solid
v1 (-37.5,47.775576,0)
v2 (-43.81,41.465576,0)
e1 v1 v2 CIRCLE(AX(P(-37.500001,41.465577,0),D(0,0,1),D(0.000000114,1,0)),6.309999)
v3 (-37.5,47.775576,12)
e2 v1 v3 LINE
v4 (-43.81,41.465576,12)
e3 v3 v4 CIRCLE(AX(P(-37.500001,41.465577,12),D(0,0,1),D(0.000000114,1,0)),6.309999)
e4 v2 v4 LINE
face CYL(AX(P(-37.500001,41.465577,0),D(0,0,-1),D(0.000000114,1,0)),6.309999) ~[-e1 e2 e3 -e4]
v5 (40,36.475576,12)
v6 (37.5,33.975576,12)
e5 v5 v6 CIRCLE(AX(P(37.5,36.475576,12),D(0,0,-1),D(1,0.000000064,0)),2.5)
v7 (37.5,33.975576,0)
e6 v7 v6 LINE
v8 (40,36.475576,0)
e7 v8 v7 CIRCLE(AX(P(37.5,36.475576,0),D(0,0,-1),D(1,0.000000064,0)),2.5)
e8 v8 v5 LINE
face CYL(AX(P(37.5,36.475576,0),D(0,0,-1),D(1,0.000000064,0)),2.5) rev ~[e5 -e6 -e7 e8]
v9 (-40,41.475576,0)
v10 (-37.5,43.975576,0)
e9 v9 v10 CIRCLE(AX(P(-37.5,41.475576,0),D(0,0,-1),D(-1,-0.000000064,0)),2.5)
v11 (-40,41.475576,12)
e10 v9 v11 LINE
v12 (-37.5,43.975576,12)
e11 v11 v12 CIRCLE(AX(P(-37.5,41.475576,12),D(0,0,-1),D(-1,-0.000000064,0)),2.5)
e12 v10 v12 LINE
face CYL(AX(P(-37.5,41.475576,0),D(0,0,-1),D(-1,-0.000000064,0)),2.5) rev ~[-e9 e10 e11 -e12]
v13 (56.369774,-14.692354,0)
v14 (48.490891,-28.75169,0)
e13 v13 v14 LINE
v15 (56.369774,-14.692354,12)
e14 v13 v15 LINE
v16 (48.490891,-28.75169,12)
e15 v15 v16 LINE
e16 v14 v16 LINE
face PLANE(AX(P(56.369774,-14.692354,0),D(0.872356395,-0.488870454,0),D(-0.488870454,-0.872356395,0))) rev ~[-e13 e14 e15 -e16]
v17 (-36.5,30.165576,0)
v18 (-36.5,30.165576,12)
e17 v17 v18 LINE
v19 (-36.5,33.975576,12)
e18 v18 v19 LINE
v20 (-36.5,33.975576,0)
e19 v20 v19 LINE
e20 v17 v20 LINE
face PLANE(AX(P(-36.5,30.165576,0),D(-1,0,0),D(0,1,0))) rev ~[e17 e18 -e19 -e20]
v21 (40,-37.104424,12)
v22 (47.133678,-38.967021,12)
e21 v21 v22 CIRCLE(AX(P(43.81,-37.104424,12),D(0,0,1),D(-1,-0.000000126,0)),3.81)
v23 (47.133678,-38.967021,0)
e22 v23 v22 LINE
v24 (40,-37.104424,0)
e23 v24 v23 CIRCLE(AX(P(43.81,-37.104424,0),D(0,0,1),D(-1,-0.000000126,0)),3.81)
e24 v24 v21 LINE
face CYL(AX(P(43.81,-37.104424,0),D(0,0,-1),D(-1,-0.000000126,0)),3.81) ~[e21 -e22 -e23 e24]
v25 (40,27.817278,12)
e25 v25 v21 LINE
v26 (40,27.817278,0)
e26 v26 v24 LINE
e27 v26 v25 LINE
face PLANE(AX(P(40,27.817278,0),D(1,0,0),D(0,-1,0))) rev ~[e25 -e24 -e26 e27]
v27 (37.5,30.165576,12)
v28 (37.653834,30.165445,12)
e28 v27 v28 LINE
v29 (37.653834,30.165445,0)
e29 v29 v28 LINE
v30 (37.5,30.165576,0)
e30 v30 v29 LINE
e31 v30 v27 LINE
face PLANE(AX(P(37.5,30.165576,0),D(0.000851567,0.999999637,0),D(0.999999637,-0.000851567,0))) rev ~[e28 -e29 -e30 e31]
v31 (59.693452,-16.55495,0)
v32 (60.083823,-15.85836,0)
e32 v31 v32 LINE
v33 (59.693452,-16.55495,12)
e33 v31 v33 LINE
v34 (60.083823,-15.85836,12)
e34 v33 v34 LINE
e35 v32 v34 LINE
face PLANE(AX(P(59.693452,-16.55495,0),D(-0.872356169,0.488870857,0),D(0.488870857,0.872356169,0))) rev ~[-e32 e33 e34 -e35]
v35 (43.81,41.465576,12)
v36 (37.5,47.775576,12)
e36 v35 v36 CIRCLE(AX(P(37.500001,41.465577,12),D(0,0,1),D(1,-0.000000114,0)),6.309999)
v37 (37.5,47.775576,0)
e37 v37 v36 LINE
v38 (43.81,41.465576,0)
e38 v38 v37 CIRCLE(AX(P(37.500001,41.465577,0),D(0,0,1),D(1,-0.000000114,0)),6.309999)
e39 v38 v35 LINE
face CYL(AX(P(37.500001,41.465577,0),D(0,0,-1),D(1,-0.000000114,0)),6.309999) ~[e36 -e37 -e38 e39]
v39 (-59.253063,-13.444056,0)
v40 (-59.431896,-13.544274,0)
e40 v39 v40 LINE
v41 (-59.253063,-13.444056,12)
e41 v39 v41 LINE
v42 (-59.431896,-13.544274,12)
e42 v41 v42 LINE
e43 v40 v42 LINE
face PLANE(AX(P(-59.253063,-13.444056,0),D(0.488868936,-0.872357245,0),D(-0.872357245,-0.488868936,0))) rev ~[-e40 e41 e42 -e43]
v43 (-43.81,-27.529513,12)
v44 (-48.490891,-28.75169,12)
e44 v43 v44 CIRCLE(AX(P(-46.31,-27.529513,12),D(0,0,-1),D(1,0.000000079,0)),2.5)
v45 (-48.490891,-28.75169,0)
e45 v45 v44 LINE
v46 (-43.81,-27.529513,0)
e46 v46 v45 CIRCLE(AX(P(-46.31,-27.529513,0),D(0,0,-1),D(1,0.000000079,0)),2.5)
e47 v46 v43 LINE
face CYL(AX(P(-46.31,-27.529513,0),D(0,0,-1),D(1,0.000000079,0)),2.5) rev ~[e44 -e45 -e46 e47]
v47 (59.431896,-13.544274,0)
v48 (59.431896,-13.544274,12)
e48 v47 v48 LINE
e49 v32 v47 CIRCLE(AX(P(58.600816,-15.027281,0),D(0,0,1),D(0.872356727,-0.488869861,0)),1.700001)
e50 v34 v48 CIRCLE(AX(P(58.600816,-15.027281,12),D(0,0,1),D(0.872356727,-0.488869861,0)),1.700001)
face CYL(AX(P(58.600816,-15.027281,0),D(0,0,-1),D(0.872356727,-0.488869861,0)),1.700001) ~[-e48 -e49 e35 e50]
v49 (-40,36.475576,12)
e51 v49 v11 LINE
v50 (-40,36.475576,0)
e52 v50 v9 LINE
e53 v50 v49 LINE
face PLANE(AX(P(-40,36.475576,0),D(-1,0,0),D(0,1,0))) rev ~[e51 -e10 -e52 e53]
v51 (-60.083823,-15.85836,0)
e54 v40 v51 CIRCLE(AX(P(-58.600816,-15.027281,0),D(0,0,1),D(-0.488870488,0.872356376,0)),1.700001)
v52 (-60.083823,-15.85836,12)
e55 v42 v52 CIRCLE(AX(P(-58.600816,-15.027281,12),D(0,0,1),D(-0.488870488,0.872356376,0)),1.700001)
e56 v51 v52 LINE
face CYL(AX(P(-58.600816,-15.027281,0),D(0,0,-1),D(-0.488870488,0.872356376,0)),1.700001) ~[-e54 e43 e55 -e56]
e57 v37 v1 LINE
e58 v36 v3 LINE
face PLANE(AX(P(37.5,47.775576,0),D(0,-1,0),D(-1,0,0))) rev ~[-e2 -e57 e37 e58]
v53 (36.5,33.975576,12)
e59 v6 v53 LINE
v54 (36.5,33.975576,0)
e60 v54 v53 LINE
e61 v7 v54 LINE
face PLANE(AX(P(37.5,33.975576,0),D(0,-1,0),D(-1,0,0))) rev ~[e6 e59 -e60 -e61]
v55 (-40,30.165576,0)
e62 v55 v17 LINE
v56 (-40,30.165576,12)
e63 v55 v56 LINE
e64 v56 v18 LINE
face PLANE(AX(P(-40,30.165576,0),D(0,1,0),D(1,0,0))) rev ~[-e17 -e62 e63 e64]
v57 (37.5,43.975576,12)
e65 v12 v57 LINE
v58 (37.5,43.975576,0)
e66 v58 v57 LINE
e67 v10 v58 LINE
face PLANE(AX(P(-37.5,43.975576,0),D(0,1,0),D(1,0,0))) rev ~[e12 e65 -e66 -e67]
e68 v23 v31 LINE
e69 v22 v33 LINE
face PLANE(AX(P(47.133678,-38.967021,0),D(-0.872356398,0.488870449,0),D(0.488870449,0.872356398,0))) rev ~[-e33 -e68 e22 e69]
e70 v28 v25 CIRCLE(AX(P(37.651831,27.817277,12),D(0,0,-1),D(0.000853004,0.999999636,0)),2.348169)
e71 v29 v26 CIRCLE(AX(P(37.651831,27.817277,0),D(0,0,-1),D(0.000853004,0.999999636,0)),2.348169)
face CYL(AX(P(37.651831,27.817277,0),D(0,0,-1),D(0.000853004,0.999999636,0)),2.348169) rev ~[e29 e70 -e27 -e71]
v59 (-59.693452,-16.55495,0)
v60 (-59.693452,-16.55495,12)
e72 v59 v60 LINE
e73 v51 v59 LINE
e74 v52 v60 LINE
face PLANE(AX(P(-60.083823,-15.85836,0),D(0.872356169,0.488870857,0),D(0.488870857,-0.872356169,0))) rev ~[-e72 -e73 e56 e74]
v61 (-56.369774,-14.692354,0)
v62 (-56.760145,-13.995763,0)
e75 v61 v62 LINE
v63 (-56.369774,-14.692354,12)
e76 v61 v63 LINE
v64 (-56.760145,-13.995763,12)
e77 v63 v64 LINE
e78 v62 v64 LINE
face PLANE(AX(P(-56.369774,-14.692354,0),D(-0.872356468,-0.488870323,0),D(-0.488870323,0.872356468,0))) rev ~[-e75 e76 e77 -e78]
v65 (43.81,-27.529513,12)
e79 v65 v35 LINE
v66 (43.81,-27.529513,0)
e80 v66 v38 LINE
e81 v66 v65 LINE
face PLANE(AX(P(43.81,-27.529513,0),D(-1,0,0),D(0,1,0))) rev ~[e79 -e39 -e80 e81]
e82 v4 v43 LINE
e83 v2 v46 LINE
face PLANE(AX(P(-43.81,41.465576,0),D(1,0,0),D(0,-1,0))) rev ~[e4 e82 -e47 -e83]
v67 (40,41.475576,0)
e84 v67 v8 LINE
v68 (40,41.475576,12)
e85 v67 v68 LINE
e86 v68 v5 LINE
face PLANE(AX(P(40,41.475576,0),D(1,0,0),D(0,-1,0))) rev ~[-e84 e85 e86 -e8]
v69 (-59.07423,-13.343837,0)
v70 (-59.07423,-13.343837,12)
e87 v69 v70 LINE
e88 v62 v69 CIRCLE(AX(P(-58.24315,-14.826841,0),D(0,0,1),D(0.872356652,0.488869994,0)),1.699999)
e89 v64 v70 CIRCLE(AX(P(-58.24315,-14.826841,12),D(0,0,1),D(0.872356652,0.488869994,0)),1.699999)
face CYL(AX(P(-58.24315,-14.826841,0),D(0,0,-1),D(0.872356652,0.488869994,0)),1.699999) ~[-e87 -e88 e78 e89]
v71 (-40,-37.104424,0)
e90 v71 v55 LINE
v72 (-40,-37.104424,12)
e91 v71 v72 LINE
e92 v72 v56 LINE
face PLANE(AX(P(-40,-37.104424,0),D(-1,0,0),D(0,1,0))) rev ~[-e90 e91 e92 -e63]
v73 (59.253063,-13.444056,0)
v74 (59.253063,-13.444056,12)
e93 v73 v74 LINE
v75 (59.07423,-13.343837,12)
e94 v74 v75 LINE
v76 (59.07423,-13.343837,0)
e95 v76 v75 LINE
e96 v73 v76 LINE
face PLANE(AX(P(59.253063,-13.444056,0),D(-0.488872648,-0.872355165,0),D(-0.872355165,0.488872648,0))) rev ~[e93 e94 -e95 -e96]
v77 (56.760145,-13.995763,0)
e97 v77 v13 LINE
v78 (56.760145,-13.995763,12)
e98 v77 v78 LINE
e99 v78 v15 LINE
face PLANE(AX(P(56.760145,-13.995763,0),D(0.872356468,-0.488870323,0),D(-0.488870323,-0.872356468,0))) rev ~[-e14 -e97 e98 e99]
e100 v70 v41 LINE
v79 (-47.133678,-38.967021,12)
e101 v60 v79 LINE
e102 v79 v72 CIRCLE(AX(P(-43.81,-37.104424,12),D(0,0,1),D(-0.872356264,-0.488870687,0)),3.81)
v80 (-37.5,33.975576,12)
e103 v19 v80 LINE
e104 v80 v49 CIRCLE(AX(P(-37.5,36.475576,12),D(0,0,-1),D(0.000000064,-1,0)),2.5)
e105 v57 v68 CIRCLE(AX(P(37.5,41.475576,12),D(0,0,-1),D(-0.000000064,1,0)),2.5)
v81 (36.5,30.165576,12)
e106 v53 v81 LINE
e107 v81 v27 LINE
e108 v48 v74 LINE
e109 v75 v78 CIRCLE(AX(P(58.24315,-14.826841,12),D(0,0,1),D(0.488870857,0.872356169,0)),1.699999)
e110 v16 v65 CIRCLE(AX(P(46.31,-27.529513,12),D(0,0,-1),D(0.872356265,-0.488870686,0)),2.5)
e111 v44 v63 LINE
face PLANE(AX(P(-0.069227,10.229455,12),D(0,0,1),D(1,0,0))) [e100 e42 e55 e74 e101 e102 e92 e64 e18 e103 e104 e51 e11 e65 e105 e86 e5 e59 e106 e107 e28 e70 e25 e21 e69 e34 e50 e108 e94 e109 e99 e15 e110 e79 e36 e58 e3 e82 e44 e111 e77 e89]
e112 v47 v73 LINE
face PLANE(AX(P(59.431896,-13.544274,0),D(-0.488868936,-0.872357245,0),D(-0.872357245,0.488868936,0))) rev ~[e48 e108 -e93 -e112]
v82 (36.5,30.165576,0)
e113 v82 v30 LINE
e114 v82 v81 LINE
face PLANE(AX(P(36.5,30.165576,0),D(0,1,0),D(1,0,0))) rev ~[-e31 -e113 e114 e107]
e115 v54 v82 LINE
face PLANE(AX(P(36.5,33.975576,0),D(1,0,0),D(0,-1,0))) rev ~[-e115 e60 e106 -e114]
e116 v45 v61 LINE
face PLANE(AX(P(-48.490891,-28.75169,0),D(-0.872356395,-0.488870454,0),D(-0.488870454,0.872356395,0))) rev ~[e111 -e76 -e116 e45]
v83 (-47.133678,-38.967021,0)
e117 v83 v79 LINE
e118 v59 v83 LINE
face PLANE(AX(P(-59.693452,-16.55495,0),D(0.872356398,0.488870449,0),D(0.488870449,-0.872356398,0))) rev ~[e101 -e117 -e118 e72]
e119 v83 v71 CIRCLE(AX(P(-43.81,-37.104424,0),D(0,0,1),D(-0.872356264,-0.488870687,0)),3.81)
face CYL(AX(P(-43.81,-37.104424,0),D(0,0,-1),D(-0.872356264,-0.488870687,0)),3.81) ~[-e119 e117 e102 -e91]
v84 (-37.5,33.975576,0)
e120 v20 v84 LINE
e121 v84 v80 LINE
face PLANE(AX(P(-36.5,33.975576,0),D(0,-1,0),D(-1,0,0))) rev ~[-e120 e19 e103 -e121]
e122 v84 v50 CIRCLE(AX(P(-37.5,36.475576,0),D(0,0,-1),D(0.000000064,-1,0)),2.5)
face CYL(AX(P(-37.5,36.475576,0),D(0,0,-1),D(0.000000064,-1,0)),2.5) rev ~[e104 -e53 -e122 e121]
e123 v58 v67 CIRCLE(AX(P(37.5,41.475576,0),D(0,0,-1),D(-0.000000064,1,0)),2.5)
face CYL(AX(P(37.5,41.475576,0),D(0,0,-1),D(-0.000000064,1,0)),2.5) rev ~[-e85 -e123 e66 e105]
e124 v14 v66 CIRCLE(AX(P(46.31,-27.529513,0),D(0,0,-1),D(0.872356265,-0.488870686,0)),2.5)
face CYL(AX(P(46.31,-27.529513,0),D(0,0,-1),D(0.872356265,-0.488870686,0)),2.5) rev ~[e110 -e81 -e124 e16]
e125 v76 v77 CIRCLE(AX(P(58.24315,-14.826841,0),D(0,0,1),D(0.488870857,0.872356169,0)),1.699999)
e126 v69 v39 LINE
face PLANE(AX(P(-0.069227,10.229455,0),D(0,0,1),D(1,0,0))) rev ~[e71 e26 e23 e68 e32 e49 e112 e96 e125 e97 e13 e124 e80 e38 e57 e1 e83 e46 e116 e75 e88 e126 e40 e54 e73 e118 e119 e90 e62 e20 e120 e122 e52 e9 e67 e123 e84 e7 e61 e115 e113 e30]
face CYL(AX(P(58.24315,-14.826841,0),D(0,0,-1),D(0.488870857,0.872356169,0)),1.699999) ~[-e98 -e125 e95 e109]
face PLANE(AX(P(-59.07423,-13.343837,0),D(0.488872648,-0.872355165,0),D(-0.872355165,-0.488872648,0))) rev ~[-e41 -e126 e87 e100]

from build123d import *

# Parameters (mm, degrees)
F1_DEPTH = 12


with BuildPart() as f1:
    # F0 (on Top) → F1 (new body)
    with BuildSketch(Plane.XY):
        with BuildLine():
            ThreePointArc((-40, 41.475576), (-39.267767, 43.243343), (-37.5, 43.975576))
            Line((-37.5, 43.975576), (0, 43.975576))
            Line((0, 43.975576), (37.5, 43.975576))
            ThreePointArc((37.5, 43.975576), (39.267767, 43.243343), (40, 41.475576))
            Line((40, 41.475576), (40, 36.475576))
            ThreePointArc((40, 36.475576), (39.267767, 34.707809), (37.5, 33.975576))
            Line((37.5, 33.975576), (36.5, 33.975576))
            Line((36.5, 33.975576), (36.5, 30.165576))
            Line((36.5, 30.165576), (37.5, 30.165576))
            Line((37.5, 30.165576), (37.653834, 30.165445))
            ThreePointArc((37.653834, 30.165445), (39.312945, 29.476975), (40, 27.817278))
            Line((40, 27.817278), (40, -37.104424))
            ThreePointArc((40, -37.104424), (42.847481, -40.790839), (47.133678, -38.967021))
            Line((47.133678, -38.967021), (59.693452, -16.55495))
            Line((59.693452, -16.55495), (60.083823, -15.85836))
            ThreePointArc((60.083823, -15.85836), (60.237122, -14.566298), (59.431896, -13.544274))
            Line((59.431896, -13.544274), (59.253063, -13.444056))
            Line((59.253063, -13.444056), (59.07423, -13.343837))
            ThreePointArc((59.07423, -13.343837), (57.782169, -13.190537), (56.760145, -13.995763))
            Line((56.760145, -13.995763), (56.369774, -14.692354))
            Line((56.369774, -14.692354), (48.490891, -28.75169))
            ThreePointArc((48.490891, -28.75169), (45.678426, -29.948421), (43.81, -27.529513))
            Line((43.81, -27.529513), (43.81, 36.475576))
            Line((43.81, 36.475576), (43.81, 41.465576))
            ThreePointArc((43.81, 41.465576), (41.961844, 45.92742), (37.5, 47.775576))
            Line((37.5, 47.775576), (0, 47.775576))
            Line((0, 47.775576), (-37.5, 47.775576))
            ThreePointArc((-37.5, 47.775576), (-41.961844, 45.92742), (-43.81, 41.465576))
            Line((-43.81, 41.465576), (-43.81, 36.475576))
            Line((-43.81, 36.475576), (-43.81, -27.529513))
            ThreePointArc((-43.81, -27.529513), (-45.678426, -29.948421), (-48.490891, -28.75169))
            Line((-48.490891, -28.75169), (-56.369774, -14.692354))
            Line((-56.369774, -14.692354), (-56.760145, -13.995763))
            ThreePointArc((-56.760145, -13.995763), (-57.782169, -13.190537), (-59.07423, -13.343837))
            Line((-59.07423, -13.343837), (-59.253063, -13.444056))
            Line((-59.253063, -13.444056), (-59.431896, -13.544274))
            ThreePointArc((-59.431896, -13.544274), (-60.237122, -14.566298), (-60.083823, -15.85836))
            Line((-60.083823, -15.85836), (-59.693452, -16.55495))
            Line((-59.693452, -16.55495), (-47.133678, -38.967021))
            ThreePointArc((-47.133678, -38.967021), (-42.847481, -40.790839), (-40, -37.104424))
            Line((-40, -37.104424), (-40, 30.165576))
            Line((-40, 30.165576), (-37.5, 30.165576))
            Line((-37.5, 30.165576), (-36.5, 30.165576))
            Line((-36.5, 30.165576), (-36.5, 33.975576))
            Line((-36.5, 33.975576), (-37.5, 33.975576))
            ThreePointArc((-37.5, 33.975576), (-39.267767, 34.707809), (-40, 36.475576))
            Line((-40, 36.475576), (-40, 41.475576))
        make_face()
    extrude(amount=F1_DEPTH)


solid = f1.part
